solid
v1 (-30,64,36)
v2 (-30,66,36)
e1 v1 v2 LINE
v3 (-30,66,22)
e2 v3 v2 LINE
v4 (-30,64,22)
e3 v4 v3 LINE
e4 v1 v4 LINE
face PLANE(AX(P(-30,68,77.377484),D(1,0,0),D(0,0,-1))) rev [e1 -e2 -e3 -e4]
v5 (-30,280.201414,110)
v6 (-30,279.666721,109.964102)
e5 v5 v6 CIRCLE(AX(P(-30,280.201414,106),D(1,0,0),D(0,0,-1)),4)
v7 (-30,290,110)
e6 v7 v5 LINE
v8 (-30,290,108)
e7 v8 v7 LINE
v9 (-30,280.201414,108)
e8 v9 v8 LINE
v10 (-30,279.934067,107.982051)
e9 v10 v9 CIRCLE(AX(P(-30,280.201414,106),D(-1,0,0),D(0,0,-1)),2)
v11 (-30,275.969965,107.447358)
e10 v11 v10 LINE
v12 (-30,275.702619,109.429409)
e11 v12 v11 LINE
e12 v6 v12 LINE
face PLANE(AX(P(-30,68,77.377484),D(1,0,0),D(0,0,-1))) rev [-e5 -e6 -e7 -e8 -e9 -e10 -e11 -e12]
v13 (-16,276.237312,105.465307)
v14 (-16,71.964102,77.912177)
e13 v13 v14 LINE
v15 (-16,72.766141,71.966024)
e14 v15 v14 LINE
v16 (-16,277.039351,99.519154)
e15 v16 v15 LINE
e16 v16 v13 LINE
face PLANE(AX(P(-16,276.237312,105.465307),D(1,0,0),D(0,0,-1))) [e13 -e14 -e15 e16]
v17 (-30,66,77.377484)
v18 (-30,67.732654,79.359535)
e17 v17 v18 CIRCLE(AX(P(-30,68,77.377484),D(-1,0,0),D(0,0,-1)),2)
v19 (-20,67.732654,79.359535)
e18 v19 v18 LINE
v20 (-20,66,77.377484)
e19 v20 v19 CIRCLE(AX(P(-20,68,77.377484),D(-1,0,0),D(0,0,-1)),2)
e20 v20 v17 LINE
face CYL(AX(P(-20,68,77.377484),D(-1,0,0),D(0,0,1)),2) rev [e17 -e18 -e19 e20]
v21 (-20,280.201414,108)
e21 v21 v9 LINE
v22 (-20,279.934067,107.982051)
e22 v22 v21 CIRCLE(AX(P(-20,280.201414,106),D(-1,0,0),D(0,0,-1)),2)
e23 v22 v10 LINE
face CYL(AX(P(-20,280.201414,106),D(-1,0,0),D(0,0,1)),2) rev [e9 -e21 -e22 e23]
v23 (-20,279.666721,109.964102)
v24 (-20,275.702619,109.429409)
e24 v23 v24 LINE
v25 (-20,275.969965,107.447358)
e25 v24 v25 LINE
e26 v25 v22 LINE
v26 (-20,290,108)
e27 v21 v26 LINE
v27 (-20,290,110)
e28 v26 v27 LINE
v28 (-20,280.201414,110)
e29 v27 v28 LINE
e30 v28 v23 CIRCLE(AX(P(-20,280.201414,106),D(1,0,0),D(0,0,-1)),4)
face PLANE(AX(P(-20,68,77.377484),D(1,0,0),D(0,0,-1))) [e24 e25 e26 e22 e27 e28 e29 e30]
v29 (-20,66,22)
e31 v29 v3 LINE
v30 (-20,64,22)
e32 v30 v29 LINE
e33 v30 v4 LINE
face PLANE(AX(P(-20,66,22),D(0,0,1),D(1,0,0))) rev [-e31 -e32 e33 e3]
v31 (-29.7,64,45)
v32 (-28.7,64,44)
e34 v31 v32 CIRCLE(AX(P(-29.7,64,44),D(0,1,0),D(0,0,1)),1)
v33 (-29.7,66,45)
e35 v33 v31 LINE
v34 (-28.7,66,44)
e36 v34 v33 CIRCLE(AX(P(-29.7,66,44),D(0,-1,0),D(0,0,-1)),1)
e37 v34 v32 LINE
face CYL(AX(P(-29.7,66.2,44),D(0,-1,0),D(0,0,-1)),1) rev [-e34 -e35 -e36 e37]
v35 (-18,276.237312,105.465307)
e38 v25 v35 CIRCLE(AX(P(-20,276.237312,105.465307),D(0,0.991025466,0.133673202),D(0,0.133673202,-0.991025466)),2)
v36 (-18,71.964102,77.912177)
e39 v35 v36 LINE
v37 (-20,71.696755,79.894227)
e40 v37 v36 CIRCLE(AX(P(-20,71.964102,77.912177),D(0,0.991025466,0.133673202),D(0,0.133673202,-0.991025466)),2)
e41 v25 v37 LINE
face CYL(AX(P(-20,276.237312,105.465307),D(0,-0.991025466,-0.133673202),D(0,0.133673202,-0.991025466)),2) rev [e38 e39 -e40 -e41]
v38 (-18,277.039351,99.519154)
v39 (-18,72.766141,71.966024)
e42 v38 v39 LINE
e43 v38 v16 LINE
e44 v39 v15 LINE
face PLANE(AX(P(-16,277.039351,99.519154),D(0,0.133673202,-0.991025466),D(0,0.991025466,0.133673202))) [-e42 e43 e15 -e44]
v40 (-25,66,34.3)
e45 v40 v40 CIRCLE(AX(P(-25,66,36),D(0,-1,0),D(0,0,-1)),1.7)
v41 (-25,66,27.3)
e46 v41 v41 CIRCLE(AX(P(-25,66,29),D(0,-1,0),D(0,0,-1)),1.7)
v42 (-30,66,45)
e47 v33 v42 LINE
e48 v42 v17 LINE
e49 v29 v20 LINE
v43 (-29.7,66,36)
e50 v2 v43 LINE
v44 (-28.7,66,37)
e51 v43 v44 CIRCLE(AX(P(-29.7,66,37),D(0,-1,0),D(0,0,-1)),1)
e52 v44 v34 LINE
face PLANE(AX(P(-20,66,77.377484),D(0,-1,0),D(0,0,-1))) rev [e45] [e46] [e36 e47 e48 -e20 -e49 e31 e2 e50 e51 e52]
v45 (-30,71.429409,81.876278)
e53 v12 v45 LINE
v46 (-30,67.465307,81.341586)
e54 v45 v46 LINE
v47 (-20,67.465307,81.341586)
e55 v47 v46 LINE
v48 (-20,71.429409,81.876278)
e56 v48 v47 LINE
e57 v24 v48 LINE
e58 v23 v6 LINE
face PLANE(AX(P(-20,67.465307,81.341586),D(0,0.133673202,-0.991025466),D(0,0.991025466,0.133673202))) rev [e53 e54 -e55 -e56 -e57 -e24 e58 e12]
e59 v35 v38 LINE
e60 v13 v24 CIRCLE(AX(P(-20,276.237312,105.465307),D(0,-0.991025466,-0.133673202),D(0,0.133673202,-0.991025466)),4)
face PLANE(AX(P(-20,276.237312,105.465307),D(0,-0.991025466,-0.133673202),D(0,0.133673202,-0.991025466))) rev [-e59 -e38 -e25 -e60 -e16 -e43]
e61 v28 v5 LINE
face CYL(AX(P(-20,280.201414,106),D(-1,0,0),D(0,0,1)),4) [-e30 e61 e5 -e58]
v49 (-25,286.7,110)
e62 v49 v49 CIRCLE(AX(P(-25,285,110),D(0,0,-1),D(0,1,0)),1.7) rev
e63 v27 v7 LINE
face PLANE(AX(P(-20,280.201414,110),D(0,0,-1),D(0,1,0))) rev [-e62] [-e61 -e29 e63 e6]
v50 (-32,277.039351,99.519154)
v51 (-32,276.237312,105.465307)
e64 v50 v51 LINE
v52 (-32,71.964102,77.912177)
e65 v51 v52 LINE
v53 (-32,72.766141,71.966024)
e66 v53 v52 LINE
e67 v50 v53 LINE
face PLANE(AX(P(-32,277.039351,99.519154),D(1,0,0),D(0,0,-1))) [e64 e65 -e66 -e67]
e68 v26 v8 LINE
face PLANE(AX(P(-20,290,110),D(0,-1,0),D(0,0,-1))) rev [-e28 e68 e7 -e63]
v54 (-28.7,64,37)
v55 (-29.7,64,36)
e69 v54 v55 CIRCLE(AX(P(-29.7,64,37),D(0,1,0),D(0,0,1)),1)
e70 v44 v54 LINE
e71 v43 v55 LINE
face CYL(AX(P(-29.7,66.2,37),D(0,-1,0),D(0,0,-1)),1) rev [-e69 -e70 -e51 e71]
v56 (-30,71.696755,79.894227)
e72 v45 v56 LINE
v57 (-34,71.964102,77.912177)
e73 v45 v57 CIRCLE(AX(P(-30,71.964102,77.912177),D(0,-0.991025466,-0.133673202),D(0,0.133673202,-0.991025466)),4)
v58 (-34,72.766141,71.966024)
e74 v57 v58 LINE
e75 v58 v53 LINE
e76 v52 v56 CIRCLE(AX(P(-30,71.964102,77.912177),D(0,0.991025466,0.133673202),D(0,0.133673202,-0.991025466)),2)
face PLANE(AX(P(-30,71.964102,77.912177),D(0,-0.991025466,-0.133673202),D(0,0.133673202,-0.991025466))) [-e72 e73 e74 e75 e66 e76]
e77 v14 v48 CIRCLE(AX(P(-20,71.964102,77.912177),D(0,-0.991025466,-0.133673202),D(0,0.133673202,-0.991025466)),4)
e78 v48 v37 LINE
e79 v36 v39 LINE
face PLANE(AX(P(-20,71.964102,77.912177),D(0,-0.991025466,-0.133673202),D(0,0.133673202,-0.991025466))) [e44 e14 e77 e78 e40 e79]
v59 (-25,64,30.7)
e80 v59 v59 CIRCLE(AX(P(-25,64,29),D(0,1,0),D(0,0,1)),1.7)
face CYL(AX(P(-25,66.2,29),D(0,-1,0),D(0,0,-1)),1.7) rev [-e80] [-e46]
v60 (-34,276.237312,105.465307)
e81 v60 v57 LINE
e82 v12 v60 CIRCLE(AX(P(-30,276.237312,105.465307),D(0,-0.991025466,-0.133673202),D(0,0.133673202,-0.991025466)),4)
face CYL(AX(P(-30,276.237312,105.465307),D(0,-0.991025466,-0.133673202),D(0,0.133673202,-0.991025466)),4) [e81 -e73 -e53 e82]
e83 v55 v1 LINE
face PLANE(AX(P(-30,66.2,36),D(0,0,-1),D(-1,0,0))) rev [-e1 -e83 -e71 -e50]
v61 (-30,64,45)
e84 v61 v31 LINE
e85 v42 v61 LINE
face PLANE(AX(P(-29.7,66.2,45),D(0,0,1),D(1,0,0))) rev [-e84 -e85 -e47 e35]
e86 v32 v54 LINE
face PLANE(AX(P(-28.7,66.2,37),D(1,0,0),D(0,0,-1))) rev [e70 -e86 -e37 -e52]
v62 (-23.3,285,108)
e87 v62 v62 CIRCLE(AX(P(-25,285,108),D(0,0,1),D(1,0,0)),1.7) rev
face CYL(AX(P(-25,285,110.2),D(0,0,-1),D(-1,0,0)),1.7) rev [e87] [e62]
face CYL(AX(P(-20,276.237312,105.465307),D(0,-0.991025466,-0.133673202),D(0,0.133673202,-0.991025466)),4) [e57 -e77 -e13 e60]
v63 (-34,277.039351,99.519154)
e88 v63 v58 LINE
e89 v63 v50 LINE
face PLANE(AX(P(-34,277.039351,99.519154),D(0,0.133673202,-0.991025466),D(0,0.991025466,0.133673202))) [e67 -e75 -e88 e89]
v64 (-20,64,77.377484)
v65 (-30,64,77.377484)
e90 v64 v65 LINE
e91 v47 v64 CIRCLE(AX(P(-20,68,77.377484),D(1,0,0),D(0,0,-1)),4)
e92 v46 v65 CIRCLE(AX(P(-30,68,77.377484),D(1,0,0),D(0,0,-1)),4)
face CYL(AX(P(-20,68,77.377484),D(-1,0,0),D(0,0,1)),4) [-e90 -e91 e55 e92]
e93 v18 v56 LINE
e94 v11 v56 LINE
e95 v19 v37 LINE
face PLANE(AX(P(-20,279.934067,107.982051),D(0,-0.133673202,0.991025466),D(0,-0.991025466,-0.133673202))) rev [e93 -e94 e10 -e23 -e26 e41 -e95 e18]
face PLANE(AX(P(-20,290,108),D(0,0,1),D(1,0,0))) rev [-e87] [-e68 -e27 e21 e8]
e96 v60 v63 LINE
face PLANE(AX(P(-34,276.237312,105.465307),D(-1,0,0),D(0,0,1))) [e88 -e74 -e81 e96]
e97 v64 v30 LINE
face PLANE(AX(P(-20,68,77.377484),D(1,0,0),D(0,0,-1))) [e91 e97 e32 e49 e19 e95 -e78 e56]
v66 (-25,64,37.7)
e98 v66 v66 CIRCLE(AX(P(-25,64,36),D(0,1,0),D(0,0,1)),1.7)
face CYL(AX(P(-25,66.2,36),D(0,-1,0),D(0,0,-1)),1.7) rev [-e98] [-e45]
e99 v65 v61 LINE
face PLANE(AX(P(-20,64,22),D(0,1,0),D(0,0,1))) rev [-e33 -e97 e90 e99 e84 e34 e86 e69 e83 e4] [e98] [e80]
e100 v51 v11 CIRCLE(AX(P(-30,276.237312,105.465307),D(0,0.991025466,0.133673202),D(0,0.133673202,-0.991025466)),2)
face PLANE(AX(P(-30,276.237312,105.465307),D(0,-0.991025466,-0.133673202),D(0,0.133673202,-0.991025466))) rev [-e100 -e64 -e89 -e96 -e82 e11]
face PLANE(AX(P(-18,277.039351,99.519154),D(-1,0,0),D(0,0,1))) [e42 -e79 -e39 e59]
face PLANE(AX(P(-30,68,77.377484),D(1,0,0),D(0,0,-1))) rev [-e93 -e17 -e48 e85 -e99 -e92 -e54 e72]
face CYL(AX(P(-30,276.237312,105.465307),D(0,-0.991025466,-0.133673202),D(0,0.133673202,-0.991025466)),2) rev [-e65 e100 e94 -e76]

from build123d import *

# Parameters (mm, degrees)
FORMED_WEB_DEPTH           = 10
EDGE_STIFFENING_LIPS_DEPTH = 206.123068282
WALL_MOUNT_HOLE_SKETCH_R   = 1.7
WALL_MOUNT_HOLES_DEPTH     = 2.4
COVER_MOUNT_HOLE_SKETCH_R  = 1.7
COVER_MOUNT_HOLE_DEPTH     = 2.4
FRAME_MOUNT_RELIEF_DEPTH   = 2.4


with BuildPart() as part:
    # Formed Web Section Sketch → Formed Web (new body)
    with BuildSketch(Plane(origin=(-30, 0, 0), x_dir=(0, 0, -1), z_dir=(1, 0, 0))):
        with BuildLine():
            Line((-22, 64), (-77.377483747, 64))
            ThreePointArc((-77.377483747, 64), (-80.010089753, 64.988457933), (-81.341585612, 67.46530719))
            Line((-81.341585612, 67.46530719), (-109.964101865, 279.66672079))
            ThreePointArc((-109.964101865, 279.66672079), (-109.991015376, 279.933465342), (-110, 280.2014136))
            Line((-110, 280.2014136), (-110, 290))
            Line((-110, 290), (-108, 290))
            Line((-108, 290), (-108, 280.2014136))
            ThreePointArc((-108, 280.2014136), (-107.995507688, 280.067439471), (-107.982050933, 279.934067195))
            Line((-107.982050933, 279.934067195), (-79.35953468, 67.732653595))
            ThreePointArc((-79.35953468, 67.732653595), (-78.69378675, 66.494228967), (-77.377483747, 66))
            Line((-77.377483747, 66), (-22, 66))
            Line((-22, 66), (-22, 64))
        make_face()
    extrude(amount=FORMED_WEB_DEPTH)

    # Edge Lip Sketch → Edge Stiffening Lips (add)
    with BuildSketch(Plane(origin=(0, 80.999511953, 10.925515566), x_dir=(-1, 0, 0), z_dir=(0, -0.9910254663478989, -0.1336732024376229))):
        with BuildLine():
            Line((34, -67.593279149), (34, -61.593279149))
            Line((34, -61.593279149), (32, -61.593279149))
            Line((32, -61.593279149), (32, -67.593279149))
            ThreePointArc((32, -67.593279149), (31.414213562, -69.007492712), (30, -69.593279149))
            Line((30, -69.593279149), (29.9, -69.593279149))
            Line((29.9, -69.593279149), (29.9, -71.593279149))
            Line((29.9, -71.593279149), (30, -71.593279149))
            ThreePointArc((30, -71.593279149), (32.828427125, -70.421706274), (34, -67.593279149))
        make_face()
        with BuildLine():
            Line((16, -67.593279149), (16, -61.593279149))
            Line((16, -61.593279149), (18, -61.593279149))
            Line((18, -61.593279149), (18, -67.593279149))
            ThreePointArc((18, -67.593279149), (18.585786438, -69.007492712), (20, -69.593279149))
            Line((20, -69.593279149), (20.1, -69.593279149))
            Line((20.1, -69.593279149), (20.1, -71.593279149))
            Line((20.1, -71.593279149), (20, -71.593279149))
            ThreePointArc((20, -71.593279149), (17.171572875, -70.421706274), (16, -67.593279149))
        make_face()
    extrude(amount=-EDGE_STIFFENING_LIPS_DEPTH)

    # Wall Mount Hole Sketch → Wall Mount Holes (cut)
    with BuildSketch(Plane(origin=(0, 63.8, 0), x_dir=(-1, 0, 0), z_dir=(0, -1, 0))):
        with Locations(Location((25, -29, 0), (0, 0, 90))):
            Circle(WALL_MOUNT_HOLE_SKETCH_R)
        with Locations(Location((25, -36, 0), (0, 0, 90))):
            Circle(WALL_MOUNT_HOLE_SKETCH_R)
    extrude(amount=-WALL_MOUNT_HOLES_DEPTH, mode=Mode.SUBTRACT)

    # Cover Mount Hole Sketch → Cover Mount Hole (cut)
    with BuildSketch(Plane.XY.offset(107.8)):
        with Locations(Location((-25, 285, 0), (0, 0, 90))):
            Circle(COVER_MOUNT_HOLE_SKETCH_R)
    extrude(amount=COVER_MOUNT_HOLE_DEPTH, mode=Mode.SUBTRACT)

    # Frame Mount Relief Sketch → Frame Mount Relief (cut)
    with BuildSketch(Plane(origin=(0, 63.8, 0), x_dir=(-1, 0, 0), z_dir=(0, -1, 0))):
        with BuildLine():
            Line((30, -36), (29.7, -36))
            ThreePointArc((29.7, -36), (28.992893219, -36.292893219), (28.7, -37))
            Line((28.7, -37), (28.7, -44))
            ThreePointArc((28.7, -44), (28.992893219, -44.707106781), (29.7, -45))
            Line((29.7, -45), (30, -45))
            ThreePointArc((30, -45), (30.707106781, -44.707106781), (31, -44))
            Line((31, -44), (31, -37))
            ThreePointArc((31, -37), (30.707106781, -36.292893219), (30, -36))
        make_face()
    extrude(amount=-FRAME_MOUNT_RELIEF_DEPTH, mode=Mode.SUBTRACT)


solid = part.part
